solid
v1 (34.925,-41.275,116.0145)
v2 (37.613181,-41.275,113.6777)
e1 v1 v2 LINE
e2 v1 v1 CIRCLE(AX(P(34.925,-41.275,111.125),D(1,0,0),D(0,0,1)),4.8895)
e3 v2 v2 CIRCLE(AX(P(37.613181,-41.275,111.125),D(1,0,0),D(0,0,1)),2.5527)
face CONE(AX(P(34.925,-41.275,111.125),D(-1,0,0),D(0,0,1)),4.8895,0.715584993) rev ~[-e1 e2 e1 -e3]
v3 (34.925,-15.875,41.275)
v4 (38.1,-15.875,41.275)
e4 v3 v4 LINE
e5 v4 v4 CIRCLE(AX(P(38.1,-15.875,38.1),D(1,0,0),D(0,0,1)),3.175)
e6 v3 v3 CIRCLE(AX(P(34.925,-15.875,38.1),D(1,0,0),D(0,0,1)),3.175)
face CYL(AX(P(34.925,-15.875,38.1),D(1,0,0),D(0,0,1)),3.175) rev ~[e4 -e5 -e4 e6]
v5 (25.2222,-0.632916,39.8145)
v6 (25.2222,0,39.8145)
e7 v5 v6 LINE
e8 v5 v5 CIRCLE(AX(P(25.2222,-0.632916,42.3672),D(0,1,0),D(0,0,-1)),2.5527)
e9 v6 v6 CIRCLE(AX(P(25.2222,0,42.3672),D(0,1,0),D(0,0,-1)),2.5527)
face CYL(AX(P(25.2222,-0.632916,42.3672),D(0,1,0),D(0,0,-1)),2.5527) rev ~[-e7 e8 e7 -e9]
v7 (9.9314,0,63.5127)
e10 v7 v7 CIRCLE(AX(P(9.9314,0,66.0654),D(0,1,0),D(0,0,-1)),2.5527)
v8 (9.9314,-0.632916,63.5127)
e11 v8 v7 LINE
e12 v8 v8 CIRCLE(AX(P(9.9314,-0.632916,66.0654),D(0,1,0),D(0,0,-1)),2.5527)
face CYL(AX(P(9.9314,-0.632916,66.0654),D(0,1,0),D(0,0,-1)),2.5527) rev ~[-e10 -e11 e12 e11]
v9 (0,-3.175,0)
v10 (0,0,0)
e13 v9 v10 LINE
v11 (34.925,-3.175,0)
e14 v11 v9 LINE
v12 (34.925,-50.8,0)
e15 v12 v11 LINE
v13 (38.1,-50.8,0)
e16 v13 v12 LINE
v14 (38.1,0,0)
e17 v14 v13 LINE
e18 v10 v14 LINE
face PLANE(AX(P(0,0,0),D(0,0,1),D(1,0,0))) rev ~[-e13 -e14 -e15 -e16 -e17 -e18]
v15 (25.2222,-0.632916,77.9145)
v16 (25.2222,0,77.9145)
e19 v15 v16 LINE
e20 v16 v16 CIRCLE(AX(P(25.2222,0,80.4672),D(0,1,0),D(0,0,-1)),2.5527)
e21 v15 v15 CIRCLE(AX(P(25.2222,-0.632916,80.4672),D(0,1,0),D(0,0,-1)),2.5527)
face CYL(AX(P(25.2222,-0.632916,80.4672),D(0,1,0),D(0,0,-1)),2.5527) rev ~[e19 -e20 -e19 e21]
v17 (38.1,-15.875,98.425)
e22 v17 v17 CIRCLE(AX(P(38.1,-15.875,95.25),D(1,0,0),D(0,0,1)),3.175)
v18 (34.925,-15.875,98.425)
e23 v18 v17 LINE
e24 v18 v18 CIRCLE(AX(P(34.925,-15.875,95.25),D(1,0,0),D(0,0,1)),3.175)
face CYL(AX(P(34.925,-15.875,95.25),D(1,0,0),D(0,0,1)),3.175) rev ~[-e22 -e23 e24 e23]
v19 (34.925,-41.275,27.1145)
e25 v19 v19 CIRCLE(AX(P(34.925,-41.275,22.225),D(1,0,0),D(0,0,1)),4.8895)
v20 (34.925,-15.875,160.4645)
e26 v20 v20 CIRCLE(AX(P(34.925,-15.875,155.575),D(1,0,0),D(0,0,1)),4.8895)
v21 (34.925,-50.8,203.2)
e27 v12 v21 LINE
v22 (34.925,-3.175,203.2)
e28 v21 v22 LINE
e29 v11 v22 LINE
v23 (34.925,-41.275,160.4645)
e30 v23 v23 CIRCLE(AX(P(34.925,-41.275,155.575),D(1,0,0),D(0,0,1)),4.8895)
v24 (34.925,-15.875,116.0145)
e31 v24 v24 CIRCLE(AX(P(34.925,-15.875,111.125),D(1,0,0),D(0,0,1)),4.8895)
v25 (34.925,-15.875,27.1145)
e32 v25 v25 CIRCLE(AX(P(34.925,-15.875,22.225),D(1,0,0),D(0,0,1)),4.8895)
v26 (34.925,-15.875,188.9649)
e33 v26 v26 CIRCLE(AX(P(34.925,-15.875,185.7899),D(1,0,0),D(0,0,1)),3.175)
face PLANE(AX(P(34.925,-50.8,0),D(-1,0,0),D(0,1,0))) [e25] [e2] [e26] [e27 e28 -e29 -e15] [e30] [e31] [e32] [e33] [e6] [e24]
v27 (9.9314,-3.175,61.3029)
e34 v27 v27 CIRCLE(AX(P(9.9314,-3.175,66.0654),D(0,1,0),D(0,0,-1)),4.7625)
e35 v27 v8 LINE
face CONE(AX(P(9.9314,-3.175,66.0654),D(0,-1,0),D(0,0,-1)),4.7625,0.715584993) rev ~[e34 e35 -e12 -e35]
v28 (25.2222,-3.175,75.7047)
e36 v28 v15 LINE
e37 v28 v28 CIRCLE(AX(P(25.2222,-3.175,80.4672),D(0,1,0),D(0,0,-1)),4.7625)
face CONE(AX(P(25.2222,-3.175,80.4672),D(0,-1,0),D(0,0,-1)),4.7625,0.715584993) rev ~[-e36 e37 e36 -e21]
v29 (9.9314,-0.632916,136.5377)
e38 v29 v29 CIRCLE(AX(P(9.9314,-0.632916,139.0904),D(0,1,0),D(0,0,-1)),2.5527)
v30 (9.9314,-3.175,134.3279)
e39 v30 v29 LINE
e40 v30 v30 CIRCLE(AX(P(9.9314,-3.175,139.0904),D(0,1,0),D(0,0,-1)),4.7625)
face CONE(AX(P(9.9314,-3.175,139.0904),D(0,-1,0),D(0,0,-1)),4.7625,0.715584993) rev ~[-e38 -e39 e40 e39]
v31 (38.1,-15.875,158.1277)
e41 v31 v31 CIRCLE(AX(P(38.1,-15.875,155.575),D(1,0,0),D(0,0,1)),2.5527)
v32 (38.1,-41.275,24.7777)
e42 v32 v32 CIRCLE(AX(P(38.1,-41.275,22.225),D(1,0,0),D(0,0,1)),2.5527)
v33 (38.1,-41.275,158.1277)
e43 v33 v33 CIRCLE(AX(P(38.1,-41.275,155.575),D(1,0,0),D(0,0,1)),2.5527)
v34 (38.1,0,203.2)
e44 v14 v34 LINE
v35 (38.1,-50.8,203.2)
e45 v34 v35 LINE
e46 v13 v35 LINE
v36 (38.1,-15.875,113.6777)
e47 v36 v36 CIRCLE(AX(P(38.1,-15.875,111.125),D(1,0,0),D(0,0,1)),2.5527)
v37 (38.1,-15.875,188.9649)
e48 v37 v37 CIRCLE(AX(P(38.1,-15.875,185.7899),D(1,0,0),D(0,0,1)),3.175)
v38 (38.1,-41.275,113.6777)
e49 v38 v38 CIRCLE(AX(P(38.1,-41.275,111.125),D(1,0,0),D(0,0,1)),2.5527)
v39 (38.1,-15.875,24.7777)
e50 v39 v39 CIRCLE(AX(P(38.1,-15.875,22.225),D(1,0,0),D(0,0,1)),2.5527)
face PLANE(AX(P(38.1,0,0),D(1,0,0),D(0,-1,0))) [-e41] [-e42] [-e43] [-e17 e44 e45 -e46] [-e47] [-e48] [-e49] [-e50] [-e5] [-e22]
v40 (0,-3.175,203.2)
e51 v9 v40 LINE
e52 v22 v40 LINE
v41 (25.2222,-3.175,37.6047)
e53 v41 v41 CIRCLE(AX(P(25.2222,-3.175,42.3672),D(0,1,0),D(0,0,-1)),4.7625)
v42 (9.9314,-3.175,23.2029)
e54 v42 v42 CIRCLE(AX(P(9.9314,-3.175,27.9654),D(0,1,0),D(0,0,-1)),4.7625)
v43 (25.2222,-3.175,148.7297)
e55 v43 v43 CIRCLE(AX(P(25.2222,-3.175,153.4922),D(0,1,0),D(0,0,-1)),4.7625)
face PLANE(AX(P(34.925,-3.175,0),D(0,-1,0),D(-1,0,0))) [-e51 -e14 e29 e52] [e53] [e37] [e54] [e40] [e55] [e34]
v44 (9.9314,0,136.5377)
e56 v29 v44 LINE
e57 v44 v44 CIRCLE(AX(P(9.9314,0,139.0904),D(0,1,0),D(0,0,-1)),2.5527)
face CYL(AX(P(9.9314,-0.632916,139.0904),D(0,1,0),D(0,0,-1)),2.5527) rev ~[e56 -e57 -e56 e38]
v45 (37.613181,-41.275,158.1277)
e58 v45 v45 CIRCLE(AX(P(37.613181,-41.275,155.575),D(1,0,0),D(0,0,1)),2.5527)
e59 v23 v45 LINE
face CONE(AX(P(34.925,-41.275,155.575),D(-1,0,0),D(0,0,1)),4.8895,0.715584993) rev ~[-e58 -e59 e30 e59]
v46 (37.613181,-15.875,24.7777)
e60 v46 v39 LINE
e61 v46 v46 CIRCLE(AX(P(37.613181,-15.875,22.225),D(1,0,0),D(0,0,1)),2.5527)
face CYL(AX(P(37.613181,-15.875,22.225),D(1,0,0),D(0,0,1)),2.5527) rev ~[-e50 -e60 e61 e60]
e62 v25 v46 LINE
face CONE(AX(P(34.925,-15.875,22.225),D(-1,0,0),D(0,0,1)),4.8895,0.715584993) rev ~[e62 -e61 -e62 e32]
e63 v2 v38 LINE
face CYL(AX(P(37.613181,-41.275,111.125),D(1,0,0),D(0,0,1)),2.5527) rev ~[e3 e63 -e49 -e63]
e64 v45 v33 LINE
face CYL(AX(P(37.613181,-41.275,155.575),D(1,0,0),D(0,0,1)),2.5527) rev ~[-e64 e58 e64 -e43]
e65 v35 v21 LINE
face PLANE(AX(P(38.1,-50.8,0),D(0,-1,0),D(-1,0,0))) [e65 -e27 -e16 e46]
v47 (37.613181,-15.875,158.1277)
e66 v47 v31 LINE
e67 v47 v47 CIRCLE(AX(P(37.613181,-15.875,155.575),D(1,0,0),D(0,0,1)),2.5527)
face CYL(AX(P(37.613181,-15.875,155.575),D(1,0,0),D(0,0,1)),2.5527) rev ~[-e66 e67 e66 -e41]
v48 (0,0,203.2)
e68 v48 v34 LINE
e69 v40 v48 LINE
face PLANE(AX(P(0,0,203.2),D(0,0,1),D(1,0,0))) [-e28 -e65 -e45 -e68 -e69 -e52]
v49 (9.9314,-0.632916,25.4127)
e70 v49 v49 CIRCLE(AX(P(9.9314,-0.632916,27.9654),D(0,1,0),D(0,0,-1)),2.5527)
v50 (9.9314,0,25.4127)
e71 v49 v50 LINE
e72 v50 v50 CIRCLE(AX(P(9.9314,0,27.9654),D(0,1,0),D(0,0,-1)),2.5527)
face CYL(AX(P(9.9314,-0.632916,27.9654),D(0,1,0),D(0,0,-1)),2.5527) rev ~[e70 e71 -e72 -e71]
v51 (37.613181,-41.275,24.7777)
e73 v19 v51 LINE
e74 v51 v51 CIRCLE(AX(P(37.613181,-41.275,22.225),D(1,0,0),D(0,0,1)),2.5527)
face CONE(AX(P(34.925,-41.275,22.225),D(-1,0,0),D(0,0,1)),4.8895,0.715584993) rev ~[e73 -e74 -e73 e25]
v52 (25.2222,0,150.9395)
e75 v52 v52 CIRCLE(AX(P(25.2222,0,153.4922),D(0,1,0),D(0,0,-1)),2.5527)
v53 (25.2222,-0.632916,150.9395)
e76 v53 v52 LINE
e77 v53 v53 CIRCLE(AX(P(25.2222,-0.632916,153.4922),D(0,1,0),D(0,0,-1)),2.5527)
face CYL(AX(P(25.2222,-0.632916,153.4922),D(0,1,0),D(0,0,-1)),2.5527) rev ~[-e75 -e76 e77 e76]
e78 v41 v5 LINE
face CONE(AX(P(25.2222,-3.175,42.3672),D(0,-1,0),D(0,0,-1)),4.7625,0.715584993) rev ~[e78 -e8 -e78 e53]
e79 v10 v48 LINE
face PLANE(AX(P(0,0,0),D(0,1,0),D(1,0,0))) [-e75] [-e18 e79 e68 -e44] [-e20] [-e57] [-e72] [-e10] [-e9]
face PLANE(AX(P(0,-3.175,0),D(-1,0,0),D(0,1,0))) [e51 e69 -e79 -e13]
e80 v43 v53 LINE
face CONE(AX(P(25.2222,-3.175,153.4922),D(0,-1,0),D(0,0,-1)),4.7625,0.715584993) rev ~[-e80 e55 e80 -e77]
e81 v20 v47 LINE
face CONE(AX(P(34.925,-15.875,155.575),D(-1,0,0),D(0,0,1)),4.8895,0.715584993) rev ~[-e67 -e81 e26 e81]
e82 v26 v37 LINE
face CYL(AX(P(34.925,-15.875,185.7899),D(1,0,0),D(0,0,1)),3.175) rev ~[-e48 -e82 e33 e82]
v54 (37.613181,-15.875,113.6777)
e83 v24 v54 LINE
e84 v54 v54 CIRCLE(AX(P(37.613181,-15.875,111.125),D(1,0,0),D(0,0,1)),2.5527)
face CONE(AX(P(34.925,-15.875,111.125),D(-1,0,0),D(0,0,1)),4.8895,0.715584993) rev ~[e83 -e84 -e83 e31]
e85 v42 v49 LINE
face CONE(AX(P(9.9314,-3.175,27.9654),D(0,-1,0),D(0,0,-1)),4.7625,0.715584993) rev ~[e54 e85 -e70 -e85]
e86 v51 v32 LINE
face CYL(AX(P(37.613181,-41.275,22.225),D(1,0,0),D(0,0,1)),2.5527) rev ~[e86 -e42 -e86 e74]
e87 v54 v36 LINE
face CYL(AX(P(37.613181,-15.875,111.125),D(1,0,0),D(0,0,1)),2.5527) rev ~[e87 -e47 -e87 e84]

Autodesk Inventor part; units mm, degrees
ref_plane "YZ Plane" through (0, 0, 0) normal (1, 0, 0) x (0, 1, 0)
ref_plane "XZ Plane" through (0, 0, 0) normal (0, 1, 0) x (-1, 0, 0)
ref_plane "XY Plane" through (0, 0, 0) normal (0, 0, 1) x (1, 0, 0)
sketch "Sketch1" plane through (0, 0, 0) normal (0, 0, 1) x (1, 0, 0)
  line L0 (0, 0) -> (38.1, 0)
  line L1 (38.1, 0) -> (38.1, -50.8)
  line L2 (38.1, -50.8) -> (34.925, -50.8)
  line L3 (34.925, -50.8) -> (34.925, -3.175)
  line L4 (34.925, -3.175) -> (0, -3.175)
  line L5 (0, -3.175) -> (0, 0)
  dimension "d0" = 50.8
  dimension "d1" = 38.1
  dimension "d2" = 3.175
  dimension "d3" = 3.175
extrude "Extrusion1" add sketch "Sketch1" along normal blind 203.2
sketch "Sketch2" plane through (0, -3.175, 0) normal (0, 1, 0) x (1, 0, 0)
  line L0 (38.1, -203.2) -> (0, -203.2) projected
  line L1 (38.1, 0) -> (38.1, -203.2) projected
  line L2 (0, 0) -> (0, -203.2) projected
  line L3 (0, 0) -> (38.1, 0) projected
  point P0 (25.2222, -153.4922)
  point P1 (9.9314, -139.0904)
  point P2 (25.2222, -80.4672)
  point P3 (9.9314, -66.0654)
  point P4 (25.2222, -42.3672)
  point P5 (9.9314, -27.9654)
  dimension "d6" = 49.7078
  dimension "d8" = 9.9314
  dimension "d9" = 64.1096
  dimension "d10" = 25.2222
  dimension "d11" = 80.4672
  dimension "d12" = 25.2222
  dimension "d13" = 66.0654
  dimension "d14" = 9.9314
  dimension "d15" = 42.3672
  dimension "d16" = 25.2222
  dimension "d17" = 27.9654
  dimension "d18" = 9.9314
hole "Hole1" at (25.2222, -3.175, 153.4922) at (9.9314, -3.175, 139.0904) at (25.2222, -3.175, 80.4672) at (9.9314, -3.175, 66.0654) at (25.2222, -3.175, 42.3672) at (9.9314, -3.175, 27.9654) direction (0, 1, 0) diameter 5.1054 end through all countersink diameter 9.525 countersink angle 82
sketch "Sketch4" plane through (34.925, -50.8, 0) normal (1, 0, 0) x (0, 0, -1)
  line L0 (0, 50.8) -> (0, 0) projected
  line L1 (0, 50.8) -> (-203.2, 50.8) projected
  line L2 (-203.2, 0) -> (-203.2, 50.8) projected
  point P0 (-22.225, 34.925)
  point P1 (-22.225, 9.525)
  point P2 (-155.575, 34.925)
  point P3 (-155.575, 9.525)
  point P4 (-111.125, 34.925)
  point P5 (-111.125, 9.525)
  dimension "d29" = 25.4
  dimension "d30" = 22.225
  dimension "d31" = 22.225
  dimension "d32" = 15.875
  dimension "d33" = 47.625
  dimension "d34" = 47.625
  dimension "d35" = 25.4
  dimension "d36" = 15.875
  dimension "d41" = 92.075
  dimension "d42" = 92.075
  dimension "d43" = 25.4
  dimension "d44" = 15.875
hole "Hole2" at (34.925, -15.875, 22.225) at (34.925, -41.275, 22.225) at (34.925, -15.875, 155.575) at (34.925, -41.275, 155.575) at (34.925, -15.875, 111.125) at (34.925, -41.275, 111.125) direction (1, 0, 0) diameter 5.1054 end through all countersink diameter 9.779 countersink angle 82 clearance for "Flat Head Machine Screw (82)" size "#10" standard "Ansi Unified Screw Threads"
sketch "Sketch5" plane through (34.925, -50.8, 0) normal (-1, 0, 0) x (0, 0, 1)
  line L0 (0, 47.625) -> (203.2, 47.625) projected
  line L1 (0, 0) -> (0, 47.625) projected
  point P0 (0, 50.8)
  point P1 (38.1, 34.925)
  point P2 (95.25, 34.925)
  point P3 (185.7899, 34.925)
  dimension "d52" = 12.7
  dimension "d53" = 38.1
  dimension "d54" = 95.25
  dimension "d55" = 185.7899
hole "Hole3" at (34.925, -15.875, 38.1) at (34.925, -15.875, 95.25) at (34.925, -15.875, 185.7899) direction (1, 0, 0) diameter 6.35 end through all
equation "\"d3\" = d2"
equation "\"d31\" = d30"
equation "\"d34\" = d33"
equation "\"d42\" = d41"
properties part number "CLB_086_ClimberMountLowerAngle" material "Aluminum 6061"
